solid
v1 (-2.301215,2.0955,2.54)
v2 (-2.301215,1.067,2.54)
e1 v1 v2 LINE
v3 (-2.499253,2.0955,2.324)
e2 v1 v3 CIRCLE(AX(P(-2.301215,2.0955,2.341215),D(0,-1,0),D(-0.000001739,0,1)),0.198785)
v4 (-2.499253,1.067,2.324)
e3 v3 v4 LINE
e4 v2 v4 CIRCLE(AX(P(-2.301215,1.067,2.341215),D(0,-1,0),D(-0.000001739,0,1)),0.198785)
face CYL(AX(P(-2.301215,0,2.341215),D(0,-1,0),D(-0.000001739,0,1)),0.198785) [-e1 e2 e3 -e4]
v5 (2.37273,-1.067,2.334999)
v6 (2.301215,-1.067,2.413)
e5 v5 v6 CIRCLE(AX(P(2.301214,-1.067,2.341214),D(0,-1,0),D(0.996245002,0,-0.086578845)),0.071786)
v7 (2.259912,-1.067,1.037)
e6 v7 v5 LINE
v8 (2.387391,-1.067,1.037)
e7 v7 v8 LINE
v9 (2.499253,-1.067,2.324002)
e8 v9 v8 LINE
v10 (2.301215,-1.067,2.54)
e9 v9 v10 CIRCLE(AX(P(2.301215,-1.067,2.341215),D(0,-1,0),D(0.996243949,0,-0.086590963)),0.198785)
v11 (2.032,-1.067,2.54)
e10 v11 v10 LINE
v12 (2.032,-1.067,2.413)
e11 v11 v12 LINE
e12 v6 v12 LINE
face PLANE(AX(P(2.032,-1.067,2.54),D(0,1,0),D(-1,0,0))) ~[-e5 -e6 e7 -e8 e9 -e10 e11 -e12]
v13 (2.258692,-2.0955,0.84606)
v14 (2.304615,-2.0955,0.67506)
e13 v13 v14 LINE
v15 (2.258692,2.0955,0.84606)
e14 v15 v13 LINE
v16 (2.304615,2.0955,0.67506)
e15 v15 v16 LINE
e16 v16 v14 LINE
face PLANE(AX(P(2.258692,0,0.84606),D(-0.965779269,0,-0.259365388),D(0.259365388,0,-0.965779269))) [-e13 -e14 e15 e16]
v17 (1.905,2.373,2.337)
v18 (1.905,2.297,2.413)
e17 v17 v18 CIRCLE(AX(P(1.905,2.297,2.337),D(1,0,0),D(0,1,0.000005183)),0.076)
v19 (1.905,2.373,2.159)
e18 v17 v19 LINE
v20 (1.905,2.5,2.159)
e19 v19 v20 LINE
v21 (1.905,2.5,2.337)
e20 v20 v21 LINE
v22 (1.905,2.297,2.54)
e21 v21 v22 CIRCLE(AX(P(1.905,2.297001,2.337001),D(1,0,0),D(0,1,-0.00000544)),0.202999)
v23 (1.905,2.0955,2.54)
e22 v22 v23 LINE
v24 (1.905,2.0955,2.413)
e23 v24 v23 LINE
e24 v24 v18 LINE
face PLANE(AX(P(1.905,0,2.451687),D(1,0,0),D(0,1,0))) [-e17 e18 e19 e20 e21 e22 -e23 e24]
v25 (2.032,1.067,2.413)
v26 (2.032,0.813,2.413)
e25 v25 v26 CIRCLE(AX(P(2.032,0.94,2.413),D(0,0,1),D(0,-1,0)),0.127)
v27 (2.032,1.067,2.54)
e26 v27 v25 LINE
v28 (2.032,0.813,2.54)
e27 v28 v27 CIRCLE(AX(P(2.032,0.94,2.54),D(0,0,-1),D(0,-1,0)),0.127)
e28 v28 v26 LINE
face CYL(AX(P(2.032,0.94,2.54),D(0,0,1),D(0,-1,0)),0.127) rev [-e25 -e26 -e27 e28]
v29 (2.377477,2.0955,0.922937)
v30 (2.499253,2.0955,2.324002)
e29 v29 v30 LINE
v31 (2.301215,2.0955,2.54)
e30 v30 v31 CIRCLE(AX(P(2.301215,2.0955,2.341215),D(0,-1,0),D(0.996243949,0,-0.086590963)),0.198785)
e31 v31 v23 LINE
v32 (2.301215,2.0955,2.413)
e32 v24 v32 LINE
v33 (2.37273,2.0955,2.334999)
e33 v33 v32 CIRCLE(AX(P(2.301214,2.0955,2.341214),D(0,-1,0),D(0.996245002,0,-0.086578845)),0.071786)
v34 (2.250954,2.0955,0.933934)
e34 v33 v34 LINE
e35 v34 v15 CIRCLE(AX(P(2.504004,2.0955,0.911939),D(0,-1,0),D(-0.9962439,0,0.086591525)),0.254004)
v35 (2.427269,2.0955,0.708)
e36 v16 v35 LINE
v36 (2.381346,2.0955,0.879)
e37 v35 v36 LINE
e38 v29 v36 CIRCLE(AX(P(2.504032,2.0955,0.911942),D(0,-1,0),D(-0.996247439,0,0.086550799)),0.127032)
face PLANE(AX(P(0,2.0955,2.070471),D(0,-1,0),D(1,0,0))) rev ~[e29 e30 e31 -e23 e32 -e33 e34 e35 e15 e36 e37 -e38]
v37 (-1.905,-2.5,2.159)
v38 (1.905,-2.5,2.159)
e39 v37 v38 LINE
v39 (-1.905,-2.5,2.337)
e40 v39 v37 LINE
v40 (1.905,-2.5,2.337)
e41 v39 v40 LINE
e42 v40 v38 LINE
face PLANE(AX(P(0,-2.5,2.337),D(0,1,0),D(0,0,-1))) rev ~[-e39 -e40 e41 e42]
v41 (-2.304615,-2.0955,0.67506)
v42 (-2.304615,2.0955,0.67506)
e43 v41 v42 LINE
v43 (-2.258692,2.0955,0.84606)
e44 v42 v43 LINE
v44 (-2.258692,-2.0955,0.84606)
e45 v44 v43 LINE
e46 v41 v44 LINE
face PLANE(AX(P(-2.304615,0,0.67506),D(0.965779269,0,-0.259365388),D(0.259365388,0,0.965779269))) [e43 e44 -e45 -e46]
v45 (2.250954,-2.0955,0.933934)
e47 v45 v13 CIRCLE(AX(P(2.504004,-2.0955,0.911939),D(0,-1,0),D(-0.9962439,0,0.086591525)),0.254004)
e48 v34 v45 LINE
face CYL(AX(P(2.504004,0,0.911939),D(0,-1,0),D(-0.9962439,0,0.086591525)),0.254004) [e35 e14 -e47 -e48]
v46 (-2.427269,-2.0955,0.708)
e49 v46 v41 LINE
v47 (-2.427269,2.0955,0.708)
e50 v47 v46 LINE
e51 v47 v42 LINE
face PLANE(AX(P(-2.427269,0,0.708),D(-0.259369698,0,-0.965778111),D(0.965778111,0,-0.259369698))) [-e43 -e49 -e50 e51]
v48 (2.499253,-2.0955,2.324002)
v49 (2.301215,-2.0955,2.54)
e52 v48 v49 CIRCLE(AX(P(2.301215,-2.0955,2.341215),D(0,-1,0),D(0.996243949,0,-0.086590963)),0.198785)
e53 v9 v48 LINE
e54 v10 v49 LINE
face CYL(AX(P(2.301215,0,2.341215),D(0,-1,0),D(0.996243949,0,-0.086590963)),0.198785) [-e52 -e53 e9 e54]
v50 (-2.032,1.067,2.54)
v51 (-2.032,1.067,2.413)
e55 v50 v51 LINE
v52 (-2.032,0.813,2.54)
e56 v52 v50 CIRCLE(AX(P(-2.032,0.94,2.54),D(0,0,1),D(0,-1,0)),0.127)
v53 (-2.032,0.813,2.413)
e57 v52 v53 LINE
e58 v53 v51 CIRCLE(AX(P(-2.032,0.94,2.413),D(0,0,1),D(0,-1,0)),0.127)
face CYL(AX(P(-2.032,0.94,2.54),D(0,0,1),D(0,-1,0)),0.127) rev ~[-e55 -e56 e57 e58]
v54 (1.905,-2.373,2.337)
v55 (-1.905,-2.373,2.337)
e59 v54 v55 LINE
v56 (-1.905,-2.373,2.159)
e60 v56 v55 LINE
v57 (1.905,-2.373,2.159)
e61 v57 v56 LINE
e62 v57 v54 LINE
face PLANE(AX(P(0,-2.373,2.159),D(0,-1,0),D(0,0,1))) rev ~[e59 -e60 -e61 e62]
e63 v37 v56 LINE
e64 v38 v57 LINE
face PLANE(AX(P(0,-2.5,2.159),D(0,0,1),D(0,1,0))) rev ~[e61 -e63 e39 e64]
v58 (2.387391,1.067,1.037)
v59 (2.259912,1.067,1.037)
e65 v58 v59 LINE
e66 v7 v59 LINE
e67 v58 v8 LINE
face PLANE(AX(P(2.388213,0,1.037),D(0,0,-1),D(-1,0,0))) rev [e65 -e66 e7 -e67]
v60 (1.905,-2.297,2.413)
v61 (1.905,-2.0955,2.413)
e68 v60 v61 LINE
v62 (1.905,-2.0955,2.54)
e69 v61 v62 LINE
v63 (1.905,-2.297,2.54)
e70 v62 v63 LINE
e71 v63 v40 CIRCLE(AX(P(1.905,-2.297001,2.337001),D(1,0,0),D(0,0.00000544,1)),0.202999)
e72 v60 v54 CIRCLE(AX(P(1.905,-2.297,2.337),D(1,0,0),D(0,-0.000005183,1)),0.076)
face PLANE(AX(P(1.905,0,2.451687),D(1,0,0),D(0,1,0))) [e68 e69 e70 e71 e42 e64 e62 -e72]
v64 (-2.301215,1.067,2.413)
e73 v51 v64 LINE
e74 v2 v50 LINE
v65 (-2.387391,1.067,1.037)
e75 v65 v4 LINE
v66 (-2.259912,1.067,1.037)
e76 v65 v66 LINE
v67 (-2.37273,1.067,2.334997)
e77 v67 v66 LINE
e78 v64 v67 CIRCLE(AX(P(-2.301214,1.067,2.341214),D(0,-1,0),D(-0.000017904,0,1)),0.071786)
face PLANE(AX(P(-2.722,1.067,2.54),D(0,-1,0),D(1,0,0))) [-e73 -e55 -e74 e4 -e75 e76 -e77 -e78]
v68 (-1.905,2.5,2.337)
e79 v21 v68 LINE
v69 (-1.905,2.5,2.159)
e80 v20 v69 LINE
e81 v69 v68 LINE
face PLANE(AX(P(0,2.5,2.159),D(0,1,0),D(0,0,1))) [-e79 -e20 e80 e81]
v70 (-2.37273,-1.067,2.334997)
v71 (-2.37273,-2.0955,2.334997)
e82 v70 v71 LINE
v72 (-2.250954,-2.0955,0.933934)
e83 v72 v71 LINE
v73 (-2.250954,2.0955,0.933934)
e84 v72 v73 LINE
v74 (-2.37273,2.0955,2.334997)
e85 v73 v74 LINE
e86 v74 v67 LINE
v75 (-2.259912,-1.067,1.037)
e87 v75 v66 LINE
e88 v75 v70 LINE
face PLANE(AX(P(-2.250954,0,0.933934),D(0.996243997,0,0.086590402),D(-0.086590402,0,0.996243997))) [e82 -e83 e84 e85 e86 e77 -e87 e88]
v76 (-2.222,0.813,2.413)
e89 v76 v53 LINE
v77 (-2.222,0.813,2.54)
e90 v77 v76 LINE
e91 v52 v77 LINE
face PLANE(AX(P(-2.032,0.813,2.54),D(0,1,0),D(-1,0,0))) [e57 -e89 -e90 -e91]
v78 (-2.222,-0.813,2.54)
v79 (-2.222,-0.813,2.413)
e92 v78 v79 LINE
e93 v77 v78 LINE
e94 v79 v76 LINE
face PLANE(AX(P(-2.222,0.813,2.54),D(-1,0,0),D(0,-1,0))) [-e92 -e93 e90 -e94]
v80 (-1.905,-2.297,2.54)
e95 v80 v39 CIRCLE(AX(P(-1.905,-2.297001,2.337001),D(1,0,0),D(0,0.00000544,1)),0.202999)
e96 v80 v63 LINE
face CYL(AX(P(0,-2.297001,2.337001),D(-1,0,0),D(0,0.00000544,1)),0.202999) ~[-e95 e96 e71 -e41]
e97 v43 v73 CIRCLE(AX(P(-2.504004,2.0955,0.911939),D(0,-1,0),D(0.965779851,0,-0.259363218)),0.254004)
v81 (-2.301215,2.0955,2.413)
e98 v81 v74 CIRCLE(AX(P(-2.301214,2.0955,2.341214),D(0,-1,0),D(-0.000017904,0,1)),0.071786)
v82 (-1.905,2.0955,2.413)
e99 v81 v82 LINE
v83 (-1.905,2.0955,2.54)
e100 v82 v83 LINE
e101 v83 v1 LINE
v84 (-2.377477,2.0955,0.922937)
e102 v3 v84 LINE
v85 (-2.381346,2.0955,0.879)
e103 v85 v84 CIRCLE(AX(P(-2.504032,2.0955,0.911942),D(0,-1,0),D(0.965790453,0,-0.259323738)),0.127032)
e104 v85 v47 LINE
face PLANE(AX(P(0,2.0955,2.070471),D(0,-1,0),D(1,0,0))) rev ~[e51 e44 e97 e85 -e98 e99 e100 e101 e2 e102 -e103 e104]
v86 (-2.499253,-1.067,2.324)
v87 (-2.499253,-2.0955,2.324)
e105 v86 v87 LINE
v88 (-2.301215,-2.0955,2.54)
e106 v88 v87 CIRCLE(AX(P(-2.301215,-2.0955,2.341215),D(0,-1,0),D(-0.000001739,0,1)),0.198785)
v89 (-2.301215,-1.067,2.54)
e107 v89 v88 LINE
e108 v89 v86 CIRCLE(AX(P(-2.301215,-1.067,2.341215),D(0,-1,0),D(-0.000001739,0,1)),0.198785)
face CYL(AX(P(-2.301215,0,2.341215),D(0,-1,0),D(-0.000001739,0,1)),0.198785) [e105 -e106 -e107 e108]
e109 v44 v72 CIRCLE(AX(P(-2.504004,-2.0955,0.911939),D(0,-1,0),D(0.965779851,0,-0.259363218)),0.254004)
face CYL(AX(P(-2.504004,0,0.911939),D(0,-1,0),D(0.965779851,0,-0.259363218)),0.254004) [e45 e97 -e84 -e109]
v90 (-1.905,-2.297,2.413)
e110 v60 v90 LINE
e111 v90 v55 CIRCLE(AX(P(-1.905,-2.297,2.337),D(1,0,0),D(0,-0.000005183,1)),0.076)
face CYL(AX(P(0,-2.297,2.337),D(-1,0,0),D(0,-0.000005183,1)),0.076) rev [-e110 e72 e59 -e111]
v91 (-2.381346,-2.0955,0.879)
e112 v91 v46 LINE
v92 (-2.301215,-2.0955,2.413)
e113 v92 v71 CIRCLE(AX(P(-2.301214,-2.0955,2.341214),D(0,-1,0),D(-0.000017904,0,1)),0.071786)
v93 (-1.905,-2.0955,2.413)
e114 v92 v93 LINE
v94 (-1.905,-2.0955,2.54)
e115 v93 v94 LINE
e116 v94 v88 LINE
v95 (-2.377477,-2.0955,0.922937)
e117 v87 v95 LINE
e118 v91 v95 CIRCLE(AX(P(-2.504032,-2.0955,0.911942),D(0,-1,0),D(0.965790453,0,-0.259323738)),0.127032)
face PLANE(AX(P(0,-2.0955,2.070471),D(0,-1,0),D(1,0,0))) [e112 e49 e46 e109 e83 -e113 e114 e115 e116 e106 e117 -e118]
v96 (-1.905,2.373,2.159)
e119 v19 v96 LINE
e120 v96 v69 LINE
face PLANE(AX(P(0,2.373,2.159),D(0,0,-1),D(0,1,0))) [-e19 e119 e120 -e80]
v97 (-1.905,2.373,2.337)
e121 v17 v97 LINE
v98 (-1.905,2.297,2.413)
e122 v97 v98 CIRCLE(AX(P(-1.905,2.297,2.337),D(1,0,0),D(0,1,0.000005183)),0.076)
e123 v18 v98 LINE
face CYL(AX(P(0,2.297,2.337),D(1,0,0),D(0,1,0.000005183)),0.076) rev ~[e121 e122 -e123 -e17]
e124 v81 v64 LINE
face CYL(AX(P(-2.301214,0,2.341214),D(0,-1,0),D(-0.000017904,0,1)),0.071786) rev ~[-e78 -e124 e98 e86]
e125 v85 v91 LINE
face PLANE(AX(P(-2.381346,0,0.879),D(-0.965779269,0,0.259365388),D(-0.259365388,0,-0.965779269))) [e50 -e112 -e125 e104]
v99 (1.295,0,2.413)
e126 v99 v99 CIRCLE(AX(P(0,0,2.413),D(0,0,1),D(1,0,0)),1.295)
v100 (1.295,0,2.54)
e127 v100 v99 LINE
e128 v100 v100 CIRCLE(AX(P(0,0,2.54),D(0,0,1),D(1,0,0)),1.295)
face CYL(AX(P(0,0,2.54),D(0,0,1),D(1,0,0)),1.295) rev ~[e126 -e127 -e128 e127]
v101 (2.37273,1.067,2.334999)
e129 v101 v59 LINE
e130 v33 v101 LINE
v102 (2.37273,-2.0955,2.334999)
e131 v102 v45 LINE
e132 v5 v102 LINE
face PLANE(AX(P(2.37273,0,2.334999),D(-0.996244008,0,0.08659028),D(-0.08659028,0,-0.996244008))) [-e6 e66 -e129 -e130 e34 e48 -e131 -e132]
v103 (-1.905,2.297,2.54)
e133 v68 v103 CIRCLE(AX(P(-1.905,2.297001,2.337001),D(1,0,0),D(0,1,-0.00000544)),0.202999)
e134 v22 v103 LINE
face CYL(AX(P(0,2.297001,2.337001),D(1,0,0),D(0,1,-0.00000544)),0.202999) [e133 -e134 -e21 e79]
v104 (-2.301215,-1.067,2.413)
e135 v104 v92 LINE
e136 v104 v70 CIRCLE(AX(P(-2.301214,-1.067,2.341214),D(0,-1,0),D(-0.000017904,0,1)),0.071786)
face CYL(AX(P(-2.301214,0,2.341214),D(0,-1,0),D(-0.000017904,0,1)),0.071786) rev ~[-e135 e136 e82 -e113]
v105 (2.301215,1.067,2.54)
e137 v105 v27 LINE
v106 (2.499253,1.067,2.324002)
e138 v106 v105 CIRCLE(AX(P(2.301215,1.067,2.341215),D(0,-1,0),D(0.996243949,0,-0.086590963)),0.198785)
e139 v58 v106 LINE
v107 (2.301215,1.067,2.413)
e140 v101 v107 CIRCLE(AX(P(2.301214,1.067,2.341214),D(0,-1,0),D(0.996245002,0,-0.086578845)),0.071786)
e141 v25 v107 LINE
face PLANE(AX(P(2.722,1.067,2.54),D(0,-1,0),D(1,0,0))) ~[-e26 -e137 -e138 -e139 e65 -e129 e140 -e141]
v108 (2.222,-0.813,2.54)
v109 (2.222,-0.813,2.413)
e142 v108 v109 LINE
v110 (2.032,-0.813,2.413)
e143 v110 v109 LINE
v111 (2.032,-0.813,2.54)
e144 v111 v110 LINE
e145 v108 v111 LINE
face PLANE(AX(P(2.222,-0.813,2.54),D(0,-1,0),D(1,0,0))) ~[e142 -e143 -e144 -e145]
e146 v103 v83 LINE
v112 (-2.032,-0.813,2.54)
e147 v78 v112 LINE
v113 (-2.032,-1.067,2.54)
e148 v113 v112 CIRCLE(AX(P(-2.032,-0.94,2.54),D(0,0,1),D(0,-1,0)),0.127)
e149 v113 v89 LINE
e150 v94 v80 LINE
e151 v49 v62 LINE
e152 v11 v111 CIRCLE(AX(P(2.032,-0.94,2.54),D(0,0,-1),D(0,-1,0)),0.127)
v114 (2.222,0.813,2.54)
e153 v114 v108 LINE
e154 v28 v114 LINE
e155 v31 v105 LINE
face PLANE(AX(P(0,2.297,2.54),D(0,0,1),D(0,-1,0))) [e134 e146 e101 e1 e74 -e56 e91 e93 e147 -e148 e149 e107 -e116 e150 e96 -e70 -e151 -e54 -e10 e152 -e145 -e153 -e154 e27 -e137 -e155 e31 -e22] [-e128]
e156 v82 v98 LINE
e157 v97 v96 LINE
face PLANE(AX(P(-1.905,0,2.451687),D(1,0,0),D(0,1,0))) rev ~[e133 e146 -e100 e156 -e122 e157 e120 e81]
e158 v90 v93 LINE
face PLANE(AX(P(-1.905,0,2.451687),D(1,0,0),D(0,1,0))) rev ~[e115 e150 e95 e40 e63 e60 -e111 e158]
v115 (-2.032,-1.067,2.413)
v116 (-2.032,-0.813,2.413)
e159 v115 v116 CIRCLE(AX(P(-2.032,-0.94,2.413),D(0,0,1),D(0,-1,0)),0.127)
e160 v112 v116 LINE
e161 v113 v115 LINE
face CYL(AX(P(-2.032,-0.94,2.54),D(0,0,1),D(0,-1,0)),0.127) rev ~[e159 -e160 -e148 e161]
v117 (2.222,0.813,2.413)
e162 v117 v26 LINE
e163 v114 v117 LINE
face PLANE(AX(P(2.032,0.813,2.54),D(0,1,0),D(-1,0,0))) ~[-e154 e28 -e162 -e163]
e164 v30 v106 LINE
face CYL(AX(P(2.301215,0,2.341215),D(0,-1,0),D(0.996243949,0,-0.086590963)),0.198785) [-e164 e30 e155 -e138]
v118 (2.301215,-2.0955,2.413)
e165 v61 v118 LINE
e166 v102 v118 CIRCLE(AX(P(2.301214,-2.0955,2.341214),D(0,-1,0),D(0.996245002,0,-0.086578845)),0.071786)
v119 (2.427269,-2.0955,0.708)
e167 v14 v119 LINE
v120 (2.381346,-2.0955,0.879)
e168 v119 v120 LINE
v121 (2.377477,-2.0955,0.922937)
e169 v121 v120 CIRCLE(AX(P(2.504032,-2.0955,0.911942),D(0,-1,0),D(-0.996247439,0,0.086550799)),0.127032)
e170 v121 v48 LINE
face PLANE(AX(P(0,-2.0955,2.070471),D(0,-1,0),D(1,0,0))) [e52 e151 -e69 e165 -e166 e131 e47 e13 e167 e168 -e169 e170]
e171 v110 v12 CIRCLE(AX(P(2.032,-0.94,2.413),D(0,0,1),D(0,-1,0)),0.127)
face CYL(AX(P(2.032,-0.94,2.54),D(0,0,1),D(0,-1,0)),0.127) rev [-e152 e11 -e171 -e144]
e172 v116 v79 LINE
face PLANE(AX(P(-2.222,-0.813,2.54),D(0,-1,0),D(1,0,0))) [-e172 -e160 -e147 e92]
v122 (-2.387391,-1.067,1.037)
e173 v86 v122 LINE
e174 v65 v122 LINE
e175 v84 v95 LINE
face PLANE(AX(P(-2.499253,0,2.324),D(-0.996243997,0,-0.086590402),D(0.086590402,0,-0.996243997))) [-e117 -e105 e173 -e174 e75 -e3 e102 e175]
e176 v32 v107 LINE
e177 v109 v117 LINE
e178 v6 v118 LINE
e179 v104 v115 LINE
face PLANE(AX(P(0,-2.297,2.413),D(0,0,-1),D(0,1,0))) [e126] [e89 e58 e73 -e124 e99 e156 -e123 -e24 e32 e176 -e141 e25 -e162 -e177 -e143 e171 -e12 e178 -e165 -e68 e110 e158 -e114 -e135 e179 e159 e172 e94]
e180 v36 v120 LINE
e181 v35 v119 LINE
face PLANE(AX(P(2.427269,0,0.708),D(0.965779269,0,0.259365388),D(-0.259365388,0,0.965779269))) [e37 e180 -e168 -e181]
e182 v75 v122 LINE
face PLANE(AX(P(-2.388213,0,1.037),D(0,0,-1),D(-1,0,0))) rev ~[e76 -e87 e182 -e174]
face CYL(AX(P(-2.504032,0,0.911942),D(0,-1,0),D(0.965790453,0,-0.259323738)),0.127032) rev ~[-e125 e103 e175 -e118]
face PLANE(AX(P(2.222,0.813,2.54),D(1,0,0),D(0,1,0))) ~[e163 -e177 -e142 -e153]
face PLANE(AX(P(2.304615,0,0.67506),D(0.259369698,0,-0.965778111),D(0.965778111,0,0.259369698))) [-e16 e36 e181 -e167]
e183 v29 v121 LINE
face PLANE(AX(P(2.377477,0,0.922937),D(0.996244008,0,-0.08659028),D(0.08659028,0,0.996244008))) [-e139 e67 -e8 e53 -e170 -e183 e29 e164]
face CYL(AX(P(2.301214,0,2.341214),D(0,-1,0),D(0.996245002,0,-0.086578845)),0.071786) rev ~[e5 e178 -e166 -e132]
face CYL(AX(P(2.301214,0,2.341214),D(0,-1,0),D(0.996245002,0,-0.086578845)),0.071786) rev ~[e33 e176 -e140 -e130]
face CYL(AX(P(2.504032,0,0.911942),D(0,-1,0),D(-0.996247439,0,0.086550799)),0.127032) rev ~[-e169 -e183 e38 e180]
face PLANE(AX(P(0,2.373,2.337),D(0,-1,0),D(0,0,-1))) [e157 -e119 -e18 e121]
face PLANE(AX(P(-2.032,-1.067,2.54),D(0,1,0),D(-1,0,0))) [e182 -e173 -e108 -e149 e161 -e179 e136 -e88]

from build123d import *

# Parameters (mm, degrees)
PAD004_DEPTH      = 2.0955
PAD004_DEPTH_BACK = 2.0955
PAD005_DEPTH      = 1.905
PAD005_DEPTH_BACK = 1.905
POCKET001_DEPTH   = 1.503
SKETCH010_R       = 1.295
POCKET002_DEPTH   = 1.86594


with BuildPart() as part:
    # Sketch007 → Pad004 (new body, two sides)
    with BuildSketch(Plane.XZ) as pad004_sk:
        with BuildLine():
            Line((-2.250954, -1.606066), (-2.37273, -0.205003))
            ThreePointArc((-2.301215, -0.127), (-2.354127, -0.150274), (-2.37273, -0.205003))
            Line((-2.301215, -0.127), (2.301215, -0.127))
            ThreePointArc((2.37273, -0.205001), (2.354126, -0.150273), (2.301215, -0.127))
            Line((2.37273, -0.205001), (2.250954, -1.606066))
            ThreePointArc((2.250954, -1.606066), (2.250979, -1.650341), (2.258692, -1.69394))
            Line((2.258692, -1.69394), (2.304615, -1.86494))
            Line((2.304615, -1.86494), (2.427269, -1.832))
            Line((2.427269, -1.832), (2.381346, -1.661))
            ThreePointArc((2.377477, -1.617063), (2.37749, -1.639201), (2.381346, -1.661))
            Line((2.377477, -1.617063), (2.499253, -0.215998))
            ThreePointArc((2.499253, -0.215998), (2.447736, -0.064446), (2.301215, 0))
            Line((2.301215, 0), (-2.301215, 0))
            ThreePointArc((-2.301215, 0), (-2.447737, -0.064447), (-2.499253, -0.216))
            Line((-2.499253, -0.216), (-2.377477, -1.617063))
            ThreePointArc((-2.381346, -1.661), (-2.37749, -1.639201), (-2.377477, -1.617063))
            Line((-2.381346, -1.661), (-2.427269, -1.832))
            Line((-2.427269, -1.832), (-2.304615, -1.86494))
            Line((-2.304615, -1.86494), (-2.258692, -1.69394))
            ThreePointArc((-2.258692, -1.69394), (-2.250979, -1.650341), (-2.250954, -1.606066))
        make_face()
    extrude(amount=PAD004_DEPTH)
    extrude(pad004_sk.sketch, amount=-PAD004_DEPTH_BACK)

    # Sketch008 → Pad005 (join, two sides)
    with BuildSketch(Plane.YZ) as pad005_sk:
        with BuildLine():
            Line((2.297, 0), (-2.297, 0))
            ThreePointArc((-2.297, 0), (-2.440543, -0.059457), (-2.5, -0.203))
            Line((-2.5, -0.203), (-2.5, -0.381))
            Line((-2.5, -0.381), (-2.373, -0.381))
            Line((-2.373, -0.381), (-2.373, -0.203))
            ThreePointArc((-2.297, -0.127), (-2.35074, -0.14926), (-2.373, -0.203))
            Line((-2.297, -0.127), (2.297, -0.127))
            ThreePointArc((2.373, -0.203), (2.35074, -0.14926), (2.297, -0.127))
            Line((2.373, -0.203), (2.373, -0.381))
            Line((2.373, -0.381), (2.5, -0.381))
            Line((2.5, -0.381), (2.5, -0.203))
            ThreePointArc((2.5, -0.203), (2.440543, -0.059457), (2.297, 0))
        make_face()
    extrude(amount=PAD005_DEPTH)
    extrude(pad005_sk.sketch, amount=-PAD005_DEPTH_BACK)

    # Sketch009 → Pocket001 (cut)
    with BuildSketch(Plane.XY):
        with BuildLine():
            Line((-2.722, 1.067), (-2.032, 1.067))
            ThreePointArc((-2.032, 0.813), (-1.905, 0.94), (-2.032, 1.067))
            Line((-2.032, 0.813), (-2.222, 0.813))
            Line((-2.222, 0.813), (-2.222, -0.813))
            Line((-2.222, -0.813), (-2.032, -0.813))
            ThreePointArc((-2.032, -1.067), (-1.905, -0.94), (-2.032, -0.813))
            Line((-2.032, -1.067), (-2.722, -1.067))
            Line((-2.722, -1.067), (-2.722, 1.067))
        make_face()
    pocket001 = extrude(amount=-POCKET001_DEPTH, mode=Mode.SUBTRACT)

    # Mirrored001: Pocket001 across Sketch009 V_Axis
    add(pocket001.mirror(Plane(origin=(0, 0, 0), x_dir=(0, 0, 1), z_dir=(1, 0, 0))), mode=Mode.SUBTRACT)

    # Sketch010 → Pocket002 (cut, through all)
    with BuildSketch(Plane.XY):
        Circle(SKETCH010_R)
    extrude(amount=-POCKET002_DEPTH, mode=Mode.SUBTRACT)


with BuildPart() as part_1:
    # Body002 placement: moved
    add(part.part.moved(Location((0, 0, 2.54))))


solid = part_1.part
